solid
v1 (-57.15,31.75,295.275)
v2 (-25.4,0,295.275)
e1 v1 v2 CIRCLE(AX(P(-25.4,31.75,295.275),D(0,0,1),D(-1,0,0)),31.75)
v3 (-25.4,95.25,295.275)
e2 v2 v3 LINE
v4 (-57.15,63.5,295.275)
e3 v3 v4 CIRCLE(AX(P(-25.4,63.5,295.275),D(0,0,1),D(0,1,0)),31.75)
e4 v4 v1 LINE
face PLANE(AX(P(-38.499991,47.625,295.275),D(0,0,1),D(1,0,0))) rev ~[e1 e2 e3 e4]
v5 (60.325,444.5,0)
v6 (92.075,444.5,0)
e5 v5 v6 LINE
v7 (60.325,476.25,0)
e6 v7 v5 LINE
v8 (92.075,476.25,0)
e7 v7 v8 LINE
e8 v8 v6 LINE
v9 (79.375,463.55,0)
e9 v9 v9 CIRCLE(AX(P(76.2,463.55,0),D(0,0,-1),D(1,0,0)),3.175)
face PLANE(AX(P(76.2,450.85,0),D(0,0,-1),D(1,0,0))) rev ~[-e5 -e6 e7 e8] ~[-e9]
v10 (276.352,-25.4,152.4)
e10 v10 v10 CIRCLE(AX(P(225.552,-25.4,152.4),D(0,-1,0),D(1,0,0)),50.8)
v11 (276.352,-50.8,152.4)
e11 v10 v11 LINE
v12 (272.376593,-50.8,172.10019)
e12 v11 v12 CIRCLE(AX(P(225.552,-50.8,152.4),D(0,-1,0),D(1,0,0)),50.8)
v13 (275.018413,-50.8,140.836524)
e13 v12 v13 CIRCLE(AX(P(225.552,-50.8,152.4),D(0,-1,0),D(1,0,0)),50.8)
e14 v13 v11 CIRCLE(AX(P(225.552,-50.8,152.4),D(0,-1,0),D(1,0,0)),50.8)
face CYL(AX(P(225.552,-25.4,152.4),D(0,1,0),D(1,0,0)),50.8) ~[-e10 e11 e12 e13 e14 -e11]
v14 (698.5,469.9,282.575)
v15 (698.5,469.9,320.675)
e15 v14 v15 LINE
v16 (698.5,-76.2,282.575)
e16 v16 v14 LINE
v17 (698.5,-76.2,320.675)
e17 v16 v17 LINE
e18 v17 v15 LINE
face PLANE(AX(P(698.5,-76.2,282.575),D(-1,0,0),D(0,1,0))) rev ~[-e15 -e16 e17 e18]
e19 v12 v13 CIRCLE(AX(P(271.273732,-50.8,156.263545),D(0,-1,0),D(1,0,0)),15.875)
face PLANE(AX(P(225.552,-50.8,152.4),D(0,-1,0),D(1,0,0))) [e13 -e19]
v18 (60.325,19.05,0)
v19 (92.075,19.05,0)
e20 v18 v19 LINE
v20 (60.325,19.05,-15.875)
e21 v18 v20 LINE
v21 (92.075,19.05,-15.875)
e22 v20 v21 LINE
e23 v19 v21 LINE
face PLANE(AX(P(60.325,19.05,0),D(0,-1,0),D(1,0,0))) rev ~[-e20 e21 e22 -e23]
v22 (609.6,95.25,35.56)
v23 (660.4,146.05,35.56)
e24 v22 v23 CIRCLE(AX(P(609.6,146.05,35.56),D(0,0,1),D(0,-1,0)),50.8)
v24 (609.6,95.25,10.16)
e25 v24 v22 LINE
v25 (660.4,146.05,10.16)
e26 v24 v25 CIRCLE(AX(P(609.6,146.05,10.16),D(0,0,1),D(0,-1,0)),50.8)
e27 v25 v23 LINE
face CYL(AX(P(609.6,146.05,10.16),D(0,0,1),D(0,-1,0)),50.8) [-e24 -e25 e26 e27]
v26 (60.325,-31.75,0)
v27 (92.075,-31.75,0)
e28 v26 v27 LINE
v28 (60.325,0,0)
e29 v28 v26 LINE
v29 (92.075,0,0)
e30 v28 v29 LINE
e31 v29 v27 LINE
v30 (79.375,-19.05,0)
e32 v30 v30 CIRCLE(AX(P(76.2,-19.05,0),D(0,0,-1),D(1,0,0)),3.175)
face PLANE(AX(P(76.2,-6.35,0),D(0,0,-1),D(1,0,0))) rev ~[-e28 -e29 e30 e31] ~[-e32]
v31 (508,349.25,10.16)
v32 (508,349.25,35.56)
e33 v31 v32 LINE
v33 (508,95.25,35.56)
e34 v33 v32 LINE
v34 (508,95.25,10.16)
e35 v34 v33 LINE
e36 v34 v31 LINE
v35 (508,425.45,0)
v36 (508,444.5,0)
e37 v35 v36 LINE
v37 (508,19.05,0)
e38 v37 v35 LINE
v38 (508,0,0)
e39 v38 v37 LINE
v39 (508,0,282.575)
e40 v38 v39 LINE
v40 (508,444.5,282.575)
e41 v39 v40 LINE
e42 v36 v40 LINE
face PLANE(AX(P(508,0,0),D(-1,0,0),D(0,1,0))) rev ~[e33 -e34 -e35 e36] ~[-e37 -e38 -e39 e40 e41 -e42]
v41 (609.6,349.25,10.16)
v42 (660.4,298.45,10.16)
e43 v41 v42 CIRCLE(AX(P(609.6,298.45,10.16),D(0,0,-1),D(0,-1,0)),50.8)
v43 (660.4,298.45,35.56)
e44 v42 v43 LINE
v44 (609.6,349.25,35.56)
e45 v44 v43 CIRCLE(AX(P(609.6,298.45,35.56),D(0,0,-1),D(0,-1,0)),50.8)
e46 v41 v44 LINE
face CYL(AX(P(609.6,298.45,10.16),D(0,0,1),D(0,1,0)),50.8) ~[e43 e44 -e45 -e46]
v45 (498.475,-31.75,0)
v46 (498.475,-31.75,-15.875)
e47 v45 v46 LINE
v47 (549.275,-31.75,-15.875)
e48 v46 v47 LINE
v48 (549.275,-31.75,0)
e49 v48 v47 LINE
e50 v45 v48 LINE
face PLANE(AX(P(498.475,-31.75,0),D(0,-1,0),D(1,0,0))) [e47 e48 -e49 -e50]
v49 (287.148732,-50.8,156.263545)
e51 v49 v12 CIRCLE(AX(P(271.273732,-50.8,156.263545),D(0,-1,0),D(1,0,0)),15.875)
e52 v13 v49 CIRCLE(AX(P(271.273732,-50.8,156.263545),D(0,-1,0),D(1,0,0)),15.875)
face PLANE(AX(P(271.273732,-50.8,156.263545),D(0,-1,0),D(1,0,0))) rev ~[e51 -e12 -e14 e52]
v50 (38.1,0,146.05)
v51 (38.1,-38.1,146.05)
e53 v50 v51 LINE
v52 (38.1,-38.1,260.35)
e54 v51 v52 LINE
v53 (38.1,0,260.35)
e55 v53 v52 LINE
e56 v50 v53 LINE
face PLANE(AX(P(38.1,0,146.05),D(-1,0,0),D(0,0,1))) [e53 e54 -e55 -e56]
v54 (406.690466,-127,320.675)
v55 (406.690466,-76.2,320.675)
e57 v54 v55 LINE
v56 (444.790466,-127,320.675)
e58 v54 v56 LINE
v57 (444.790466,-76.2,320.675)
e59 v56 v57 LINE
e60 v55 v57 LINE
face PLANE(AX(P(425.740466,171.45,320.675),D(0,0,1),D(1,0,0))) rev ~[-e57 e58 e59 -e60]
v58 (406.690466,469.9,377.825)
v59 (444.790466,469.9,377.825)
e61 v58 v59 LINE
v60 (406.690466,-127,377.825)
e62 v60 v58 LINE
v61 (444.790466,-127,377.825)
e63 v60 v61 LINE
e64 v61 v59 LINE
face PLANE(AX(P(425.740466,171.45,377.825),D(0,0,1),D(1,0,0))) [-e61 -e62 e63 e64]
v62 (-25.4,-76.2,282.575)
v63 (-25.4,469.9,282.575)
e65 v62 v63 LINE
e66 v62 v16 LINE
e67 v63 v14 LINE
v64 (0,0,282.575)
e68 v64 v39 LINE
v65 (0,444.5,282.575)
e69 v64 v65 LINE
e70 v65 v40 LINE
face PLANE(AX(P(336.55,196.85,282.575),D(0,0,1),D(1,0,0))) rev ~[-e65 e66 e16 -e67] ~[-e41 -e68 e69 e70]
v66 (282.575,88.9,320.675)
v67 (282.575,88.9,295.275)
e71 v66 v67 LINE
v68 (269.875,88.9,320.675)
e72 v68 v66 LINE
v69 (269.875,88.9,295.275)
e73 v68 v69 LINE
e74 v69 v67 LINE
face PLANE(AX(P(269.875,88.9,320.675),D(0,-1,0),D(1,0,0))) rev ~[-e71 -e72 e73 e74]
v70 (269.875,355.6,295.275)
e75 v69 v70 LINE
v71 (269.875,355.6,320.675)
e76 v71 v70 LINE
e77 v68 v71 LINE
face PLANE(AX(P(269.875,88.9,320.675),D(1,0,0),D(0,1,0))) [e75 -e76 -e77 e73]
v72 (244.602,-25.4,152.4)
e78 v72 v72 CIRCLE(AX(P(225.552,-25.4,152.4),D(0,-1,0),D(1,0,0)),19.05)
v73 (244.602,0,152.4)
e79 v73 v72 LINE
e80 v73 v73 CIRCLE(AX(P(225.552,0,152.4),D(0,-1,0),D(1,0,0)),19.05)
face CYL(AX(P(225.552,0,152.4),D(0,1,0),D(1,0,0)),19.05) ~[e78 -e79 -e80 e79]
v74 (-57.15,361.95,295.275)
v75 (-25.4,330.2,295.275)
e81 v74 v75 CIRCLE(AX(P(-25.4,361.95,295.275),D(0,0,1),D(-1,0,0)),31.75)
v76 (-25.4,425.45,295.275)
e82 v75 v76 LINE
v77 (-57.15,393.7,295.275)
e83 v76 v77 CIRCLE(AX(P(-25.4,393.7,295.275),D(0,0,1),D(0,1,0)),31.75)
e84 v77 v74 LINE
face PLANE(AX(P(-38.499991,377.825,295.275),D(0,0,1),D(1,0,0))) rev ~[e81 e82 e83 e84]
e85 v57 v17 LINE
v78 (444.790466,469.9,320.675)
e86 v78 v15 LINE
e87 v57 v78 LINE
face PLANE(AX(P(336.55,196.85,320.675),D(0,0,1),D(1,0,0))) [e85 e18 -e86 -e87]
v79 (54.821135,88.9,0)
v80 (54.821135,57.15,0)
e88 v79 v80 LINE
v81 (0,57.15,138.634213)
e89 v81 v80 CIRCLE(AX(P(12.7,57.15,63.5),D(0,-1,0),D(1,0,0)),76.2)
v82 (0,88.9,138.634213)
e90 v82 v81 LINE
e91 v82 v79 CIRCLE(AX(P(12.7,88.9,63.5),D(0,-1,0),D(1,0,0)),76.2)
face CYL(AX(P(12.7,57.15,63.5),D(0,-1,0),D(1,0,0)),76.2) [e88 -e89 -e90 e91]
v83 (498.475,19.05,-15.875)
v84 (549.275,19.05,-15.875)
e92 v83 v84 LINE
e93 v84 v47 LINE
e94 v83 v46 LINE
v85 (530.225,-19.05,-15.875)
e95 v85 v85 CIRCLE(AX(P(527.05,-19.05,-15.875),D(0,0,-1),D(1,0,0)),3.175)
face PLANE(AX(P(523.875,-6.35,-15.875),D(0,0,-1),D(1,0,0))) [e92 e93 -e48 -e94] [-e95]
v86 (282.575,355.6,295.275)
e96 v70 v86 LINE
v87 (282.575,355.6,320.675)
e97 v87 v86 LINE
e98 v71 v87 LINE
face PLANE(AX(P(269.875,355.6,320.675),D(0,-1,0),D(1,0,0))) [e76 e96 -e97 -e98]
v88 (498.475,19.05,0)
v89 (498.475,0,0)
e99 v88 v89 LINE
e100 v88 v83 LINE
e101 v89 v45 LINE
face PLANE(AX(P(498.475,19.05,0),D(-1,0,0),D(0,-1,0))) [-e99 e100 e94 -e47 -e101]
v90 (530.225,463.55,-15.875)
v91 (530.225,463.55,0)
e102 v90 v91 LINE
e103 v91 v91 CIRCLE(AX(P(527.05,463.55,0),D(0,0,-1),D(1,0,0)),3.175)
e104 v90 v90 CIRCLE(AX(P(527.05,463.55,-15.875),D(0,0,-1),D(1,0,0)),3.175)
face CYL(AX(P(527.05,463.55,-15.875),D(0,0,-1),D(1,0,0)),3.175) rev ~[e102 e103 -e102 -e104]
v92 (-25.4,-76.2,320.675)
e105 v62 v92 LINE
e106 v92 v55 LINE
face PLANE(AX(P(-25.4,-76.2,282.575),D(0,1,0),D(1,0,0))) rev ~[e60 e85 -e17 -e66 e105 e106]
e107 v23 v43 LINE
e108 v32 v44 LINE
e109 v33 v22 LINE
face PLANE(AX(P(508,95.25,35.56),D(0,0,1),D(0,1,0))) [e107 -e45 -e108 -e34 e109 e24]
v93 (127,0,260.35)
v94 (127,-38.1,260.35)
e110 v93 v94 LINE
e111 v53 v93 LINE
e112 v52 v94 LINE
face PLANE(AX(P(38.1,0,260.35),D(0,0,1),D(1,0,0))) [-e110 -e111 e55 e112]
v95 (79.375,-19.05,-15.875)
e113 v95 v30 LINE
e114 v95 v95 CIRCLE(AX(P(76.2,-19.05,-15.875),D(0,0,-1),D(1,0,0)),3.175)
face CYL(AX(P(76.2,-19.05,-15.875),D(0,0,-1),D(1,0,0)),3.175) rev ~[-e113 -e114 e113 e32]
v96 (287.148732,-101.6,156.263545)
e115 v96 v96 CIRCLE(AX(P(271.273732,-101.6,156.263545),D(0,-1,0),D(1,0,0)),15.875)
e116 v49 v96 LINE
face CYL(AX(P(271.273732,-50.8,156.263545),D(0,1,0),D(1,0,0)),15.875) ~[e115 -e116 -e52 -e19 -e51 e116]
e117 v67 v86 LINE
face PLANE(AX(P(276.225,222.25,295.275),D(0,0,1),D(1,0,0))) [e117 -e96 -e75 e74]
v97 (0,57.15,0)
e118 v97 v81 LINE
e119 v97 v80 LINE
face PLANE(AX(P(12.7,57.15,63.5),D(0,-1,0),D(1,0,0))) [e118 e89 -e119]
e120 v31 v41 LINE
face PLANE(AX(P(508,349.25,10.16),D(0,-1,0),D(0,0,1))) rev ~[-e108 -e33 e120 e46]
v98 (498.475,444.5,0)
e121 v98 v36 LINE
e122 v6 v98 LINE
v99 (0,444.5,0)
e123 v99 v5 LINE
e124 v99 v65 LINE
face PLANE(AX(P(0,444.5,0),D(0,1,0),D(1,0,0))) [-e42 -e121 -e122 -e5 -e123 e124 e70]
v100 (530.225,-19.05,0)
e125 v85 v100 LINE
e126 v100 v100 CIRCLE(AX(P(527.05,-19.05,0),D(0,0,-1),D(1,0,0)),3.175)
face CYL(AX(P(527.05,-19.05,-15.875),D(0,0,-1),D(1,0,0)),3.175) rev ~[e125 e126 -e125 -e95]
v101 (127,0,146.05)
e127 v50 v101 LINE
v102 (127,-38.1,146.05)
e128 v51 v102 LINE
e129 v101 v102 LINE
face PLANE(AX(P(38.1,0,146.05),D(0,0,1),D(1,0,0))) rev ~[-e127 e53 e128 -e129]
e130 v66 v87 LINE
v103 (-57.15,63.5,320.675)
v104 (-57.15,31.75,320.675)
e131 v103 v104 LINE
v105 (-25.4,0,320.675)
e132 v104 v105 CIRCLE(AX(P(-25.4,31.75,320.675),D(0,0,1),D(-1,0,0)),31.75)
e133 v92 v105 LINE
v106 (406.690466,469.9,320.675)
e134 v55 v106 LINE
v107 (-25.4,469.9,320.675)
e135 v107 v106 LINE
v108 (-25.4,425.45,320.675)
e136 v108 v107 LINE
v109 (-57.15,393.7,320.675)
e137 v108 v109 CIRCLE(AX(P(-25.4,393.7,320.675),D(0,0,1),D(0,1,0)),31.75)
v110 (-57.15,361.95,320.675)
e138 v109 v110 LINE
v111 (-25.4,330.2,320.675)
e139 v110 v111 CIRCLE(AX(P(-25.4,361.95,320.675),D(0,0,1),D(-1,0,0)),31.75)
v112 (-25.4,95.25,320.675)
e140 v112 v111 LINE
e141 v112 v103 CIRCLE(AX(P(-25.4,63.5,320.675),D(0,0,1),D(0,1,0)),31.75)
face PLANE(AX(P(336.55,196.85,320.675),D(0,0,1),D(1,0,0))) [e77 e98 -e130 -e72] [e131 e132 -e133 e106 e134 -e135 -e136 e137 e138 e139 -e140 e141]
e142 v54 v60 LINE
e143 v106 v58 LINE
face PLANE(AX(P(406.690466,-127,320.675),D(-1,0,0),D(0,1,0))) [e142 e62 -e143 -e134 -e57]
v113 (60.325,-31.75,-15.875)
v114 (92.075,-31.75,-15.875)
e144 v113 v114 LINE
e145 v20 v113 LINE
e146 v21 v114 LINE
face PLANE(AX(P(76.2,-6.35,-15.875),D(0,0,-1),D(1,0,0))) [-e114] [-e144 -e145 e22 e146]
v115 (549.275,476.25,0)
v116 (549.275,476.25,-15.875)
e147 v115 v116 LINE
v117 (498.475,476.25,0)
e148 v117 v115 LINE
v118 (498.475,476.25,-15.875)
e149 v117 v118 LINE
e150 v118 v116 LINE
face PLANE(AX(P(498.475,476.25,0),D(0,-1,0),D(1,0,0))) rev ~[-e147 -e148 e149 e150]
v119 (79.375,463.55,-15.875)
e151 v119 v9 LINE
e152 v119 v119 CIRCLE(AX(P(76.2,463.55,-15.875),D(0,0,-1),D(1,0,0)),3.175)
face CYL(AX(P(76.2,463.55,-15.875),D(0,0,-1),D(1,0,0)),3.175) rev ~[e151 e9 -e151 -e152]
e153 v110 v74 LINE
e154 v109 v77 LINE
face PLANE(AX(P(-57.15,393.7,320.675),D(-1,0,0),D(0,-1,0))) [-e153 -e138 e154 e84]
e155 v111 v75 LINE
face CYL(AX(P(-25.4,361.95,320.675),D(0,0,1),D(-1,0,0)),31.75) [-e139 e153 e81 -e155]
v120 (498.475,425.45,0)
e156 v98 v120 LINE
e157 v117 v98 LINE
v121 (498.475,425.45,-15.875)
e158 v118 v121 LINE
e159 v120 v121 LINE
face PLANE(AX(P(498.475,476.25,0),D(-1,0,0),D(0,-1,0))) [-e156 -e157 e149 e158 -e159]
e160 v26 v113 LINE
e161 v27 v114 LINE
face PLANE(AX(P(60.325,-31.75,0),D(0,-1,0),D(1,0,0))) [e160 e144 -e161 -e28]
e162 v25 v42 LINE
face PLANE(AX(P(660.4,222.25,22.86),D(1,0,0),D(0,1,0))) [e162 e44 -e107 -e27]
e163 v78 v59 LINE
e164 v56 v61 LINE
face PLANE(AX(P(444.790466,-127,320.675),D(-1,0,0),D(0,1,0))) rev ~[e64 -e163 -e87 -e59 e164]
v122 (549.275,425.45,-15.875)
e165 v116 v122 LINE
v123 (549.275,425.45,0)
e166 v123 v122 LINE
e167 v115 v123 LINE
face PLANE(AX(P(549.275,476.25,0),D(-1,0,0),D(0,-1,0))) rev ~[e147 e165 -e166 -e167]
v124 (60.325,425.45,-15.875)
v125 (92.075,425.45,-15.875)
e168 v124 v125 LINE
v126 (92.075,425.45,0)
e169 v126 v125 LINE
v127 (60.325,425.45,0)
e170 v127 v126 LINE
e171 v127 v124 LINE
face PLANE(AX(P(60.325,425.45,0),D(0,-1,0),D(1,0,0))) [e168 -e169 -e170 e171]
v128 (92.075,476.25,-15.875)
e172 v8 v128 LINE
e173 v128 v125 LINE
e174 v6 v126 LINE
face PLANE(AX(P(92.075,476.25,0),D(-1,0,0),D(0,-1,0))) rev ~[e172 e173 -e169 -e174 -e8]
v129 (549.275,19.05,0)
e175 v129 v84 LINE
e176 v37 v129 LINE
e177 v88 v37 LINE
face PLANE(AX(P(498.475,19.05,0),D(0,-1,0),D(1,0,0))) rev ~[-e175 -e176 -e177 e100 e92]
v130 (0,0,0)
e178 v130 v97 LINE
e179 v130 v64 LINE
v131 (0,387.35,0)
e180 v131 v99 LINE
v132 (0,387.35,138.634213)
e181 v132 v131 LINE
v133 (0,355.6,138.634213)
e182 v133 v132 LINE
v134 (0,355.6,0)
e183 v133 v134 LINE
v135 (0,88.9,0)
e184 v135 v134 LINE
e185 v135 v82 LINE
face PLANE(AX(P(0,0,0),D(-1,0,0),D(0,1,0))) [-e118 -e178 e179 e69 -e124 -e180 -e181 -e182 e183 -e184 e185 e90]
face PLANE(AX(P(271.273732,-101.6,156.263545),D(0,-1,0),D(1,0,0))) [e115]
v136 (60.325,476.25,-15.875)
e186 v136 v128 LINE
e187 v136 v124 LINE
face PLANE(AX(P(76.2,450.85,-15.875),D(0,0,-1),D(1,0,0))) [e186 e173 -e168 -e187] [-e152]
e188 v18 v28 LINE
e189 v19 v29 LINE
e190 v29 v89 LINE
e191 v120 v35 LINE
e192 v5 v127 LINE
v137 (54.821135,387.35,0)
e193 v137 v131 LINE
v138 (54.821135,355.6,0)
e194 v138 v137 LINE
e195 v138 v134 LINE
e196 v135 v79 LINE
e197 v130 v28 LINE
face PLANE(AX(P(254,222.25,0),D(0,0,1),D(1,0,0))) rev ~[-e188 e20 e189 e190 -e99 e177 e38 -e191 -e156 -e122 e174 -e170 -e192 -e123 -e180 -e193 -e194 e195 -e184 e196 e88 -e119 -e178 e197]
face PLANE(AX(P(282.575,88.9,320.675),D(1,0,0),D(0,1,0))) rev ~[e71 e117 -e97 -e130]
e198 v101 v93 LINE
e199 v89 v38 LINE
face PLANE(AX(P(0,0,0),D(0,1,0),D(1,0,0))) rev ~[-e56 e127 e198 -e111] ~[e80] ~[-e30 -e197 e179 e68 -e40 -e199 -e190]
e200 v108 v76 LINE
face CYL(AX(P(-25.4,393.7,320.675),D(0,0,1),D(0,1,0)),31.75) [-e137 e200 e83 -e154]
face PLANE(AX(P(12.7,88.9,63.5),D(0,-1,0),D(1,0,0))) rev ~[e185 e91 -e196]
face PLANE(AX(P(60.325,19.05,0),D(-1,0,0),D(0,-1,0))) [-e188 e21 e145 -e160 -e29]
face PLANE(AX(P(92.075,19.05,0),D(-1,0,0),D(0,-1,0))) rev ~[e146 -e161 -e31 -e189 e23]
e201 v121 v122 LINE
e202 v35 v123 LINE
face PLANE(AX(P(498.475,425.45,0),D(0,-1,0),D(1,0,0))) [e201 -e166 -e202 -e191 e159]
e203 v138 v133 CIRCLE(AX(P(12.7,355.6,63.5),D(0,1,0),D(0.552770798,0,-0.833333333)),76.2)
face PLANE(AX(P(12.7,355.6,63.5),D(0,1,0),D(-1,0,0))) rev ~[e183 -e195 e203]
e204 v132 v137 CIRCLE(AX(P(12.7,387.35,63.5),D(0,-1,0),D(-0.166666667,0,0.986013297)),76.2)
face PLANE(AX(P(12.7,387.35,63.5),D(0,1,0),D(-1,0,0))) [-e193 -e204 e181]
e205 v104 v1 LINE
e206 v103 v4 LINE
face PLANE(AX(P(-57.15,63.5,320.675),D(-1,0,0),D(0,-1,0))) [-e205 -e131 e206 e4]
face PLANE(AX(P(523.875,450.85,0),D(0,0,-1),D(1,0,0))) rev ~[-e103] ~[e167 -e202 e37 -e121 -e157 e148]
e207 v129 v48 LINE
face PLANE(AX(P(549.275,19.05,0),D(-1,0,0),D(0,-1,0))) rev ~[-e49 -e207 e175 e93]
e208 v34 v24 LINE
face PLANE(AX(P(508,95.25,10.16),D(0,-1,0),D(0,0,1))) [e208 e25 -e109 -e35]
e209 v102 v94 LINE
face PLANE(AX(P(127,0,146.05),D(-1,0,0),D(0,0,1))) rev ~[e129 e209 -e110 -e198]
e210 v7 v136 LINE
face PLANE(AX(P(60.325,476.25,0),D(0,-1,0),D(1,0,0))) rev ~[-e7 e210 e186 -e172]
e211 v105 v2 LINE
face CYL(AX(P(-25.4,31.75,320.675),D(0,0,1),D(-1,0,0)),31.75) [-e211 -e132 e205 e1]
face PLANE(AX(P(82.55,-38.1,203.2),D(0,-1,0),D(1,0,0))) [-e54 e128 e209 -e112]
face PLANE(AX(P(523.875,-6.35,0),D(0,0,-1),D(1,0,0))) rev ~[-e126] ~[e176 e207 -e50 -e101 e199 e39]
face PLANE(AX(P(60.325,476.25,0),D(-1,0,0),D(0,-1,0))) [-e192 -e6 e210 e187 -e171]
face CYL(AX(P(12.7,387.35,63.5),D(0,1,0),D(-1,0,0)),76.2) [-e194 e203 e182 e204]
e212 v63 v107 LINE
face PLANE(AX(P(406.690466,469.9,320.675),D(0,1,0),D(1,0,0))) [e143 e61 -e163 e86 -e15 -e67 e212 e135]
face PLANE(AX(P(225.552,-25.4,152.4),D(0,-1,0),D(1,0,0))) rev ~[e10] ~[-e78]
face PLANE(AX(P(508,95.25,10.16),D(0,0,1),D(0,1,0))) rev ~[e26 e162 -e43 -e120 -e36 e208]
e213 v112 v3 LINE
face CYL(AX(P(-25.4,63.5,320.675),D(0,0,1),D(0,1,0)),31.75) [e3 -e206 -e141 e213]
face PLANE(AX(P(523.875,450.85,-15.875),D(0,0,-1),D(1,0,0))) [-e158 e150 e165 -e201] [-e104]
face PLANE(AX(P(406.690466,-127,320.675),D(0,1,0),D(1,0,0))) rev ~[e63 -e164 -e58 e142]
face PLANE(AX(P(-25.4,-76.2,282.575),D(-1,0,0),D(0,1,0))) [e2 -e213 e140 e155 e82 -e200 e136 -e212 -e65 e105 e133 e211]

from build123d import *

# Parameters (mm, degrees)
F0_W      = 508
F0_H      = 444.5
F1_DEPTH  = 282.575
F2_W      = 31.75
F2_H      = 50.8
F2_W_2    = 50.8
F3_DEPTH  = 15.875
F4_W      = 723.9
F4_H      = 546.1
F5_DEPTH  = 38.1
F7_W      = 12.7
F7_H      = 266.7
F8_DEPTH  = 25.4
F9_W      = 38.1
F9_H      = 596.9
F10_DEPTH = 57.15
F11_W     = 254
F11_H     = 25.4
F12_DEPTH = 152.4
F13_R     = 50.8
F15_DEPTH = 25.4
F17_R     = 76.2
F18_DEPTH = 31.75
F20_R     = 76.2
F21_DEPTH = 31.75
F22_R     = 3.175
F23_DEPTH = 25.4
F24_R     = 19.05
F25_DEPTH = 25.4
F26_R     = 50.8
F27_DEPTH = 25.4
F28_R     = 15.875
F29_DEPTH = 50.8
F30_W     = 88.9
F30_H     = 114.3
F31_DEPTH = 38.1


with BuildPart() as f1:
    # F0 (on Top) → F1 (new body)
    with BuildSketch(Plane.XY):
        with Locations((254, 222.25)):
            Rectangle(F0_W, F0_H)
    extrude(amount=F1_DEPTH)

    # F2 (on face) → F3 (join)
    with BuildSketch(Plane(origin=(0, 0, 0), x_dir=(1, 0, 0), z_dir=(0, 0, -1))):
        with Locations((76.2, 6.35)):
            Rectangle(F2_W, F2_H)
        with Locations((523.875, 6.35)):
            Rectangle(F2_W_2, F2_H)
        with Locations((76.2, -450.85)):
            Rectangle(F2_W, F2_H)
        with Locations((523.875, -450.85)):
            Rectangle(F2_W_2, F2_H)
    extrude(amount=F3_DEPTH)

    # F4 (on face) → F5 (join)
    with BuildSketch(Plane.XY.offset(282.575)):
        with Locations((336.55, 196.85)):
            Rectangle(F4_W, F4_H)
    extrude(amount=F5_DEPTH)

    # F7 (on face) → F8 (cut)
    with BuildSketch(Plane.XY.offset(320.675)):
        with Locations((276.225, 222.25)):
            Rectangle(F7_W, F7_H)
    extrude(amount=-F8_DEPTH, mode=Mode.SUBTRACT)

    # F9 (on face) → F10 (join)
    with BuildSketch(Plane.XY.offset(320.675)):
        with Locations((425.7404655218, 171.45)):
            Rectangle(F9_W, F9_H)
    extrude(amount=F10_DEPTH)

    # F11 (on face) → F12 (join)
    with BuildSketch(Plane.YZ.offset(508)):
        with Locations((222.25, 22.86)):
            Rectangle(F11_W, F11_H)
    extrude(amount=F12_DEPTH)

    # F13
    f13_edges = [f1.edges().sort_by_distance(p)[0] for p in [
        (660.4, 95.25, 22.86),
        (660.4, 349.25, 22.86),
    ]]
    fillet(f13_edges, radius=F13_R)

    # F14 (on face) → F15 (join)
    with BuildSketch(Plane.XY.offset(320.675)):
        with BuildLine():
            ThreePointArc((-57.15, 31.75), (-47.8506403027, 9.2993596973), (-25.4, 0))
            Line((-25.4, 0), (-25.4, 95.25))
            ThreePointArc((-25.4, 95.25), (-47.8506403027, 85.9506403027), (-57.15, 63.5))
            Line((-57.15, 63.5), (-57.15, 31.75))
        make_face()
        with BuildLine():
            Line((-25.4, 330.2), (-25.4, 425.45))
            ThreePointArc((-25.4, 425.45), (-47.8506403027, 416.1506403027), (-57.15, 393.7))
            Line((-57.15, 393.7), (-57.15, 361.95))
            ThreePointArc((-57.15, 361.95), (-47.8506403027, 339.4993596973), (-25.4, 330.2))
        make_face()
    extrude(amount=-F15_DEPTH)

    # F17 (on offset) → F18 (join)
    with BuildSketch(Plane.XZ.offset(-57.15)):
        with Locations((12.7, 63.5)):
            Circle(F17_R)
    extrude(amount=-F18_DEPTH)

    # F20 (on offset) → F21 (join)
    with BuildSketch(Plane(origin=(0, 387.35, 0), x_dir=(-1, 0, 0), z_dir=(0, 1, 0))):
        with Locations((-12.7, 63.5)):
            Circle(F20_R)
    extrude(amount=-F21_DEPTH)

    # F22 (on face) → F23 (cut)
    with BuildSketch(Plane(origin=(0, 0, -15.875), x_dir=(1, 0, 0), z_dir=(0, 0, -1))):
        with Locations((76.2, 19.05)):
            Circle(F22_R)
        with Locations((76.2, -463.55)):
            Circle(F22_R)
        with Locations((527.05, -463.55)):
            Circle(F22_R)
        with Locations((527.05, 19.05)):
            Circle(F22_R)
    extrude(amount=-F23_DEPTH, mode=Mode.SUBTRACT)

    # F24 (on face) → F25 (join)
    with BuildSketch(Plane.XZ):
        with Locations((225.552, 152.4)):
            Circle(F24_R)
    extrude(amount=F25_DEPTH)

    # F26 (on face) → F27 (join)
    with BuildSketch(Plane.XZ.offset(25.4)):
        with Locations((225.552, 152.4)):
            Circle(F26_R)
    extrude(amount=F27_DEPTH)

    # F28 (on face) → F29 (join)
    with BuildSketch(Plane.XZ.offset(50.8)):
        with Locations((271.2737321854, 156.2635451555)):
            Circle(F28_R)
    extrude(amount=F29_DEPTH)

    # F30 (on face) → F31 (join)
    with BuildSketch(Plane.XZ):
        with Locations((82.55, 203.2)):
            Rectangle(F30_W, F30_H)
    extrude(amount=F31_DEPTH)


solid = f1.part
